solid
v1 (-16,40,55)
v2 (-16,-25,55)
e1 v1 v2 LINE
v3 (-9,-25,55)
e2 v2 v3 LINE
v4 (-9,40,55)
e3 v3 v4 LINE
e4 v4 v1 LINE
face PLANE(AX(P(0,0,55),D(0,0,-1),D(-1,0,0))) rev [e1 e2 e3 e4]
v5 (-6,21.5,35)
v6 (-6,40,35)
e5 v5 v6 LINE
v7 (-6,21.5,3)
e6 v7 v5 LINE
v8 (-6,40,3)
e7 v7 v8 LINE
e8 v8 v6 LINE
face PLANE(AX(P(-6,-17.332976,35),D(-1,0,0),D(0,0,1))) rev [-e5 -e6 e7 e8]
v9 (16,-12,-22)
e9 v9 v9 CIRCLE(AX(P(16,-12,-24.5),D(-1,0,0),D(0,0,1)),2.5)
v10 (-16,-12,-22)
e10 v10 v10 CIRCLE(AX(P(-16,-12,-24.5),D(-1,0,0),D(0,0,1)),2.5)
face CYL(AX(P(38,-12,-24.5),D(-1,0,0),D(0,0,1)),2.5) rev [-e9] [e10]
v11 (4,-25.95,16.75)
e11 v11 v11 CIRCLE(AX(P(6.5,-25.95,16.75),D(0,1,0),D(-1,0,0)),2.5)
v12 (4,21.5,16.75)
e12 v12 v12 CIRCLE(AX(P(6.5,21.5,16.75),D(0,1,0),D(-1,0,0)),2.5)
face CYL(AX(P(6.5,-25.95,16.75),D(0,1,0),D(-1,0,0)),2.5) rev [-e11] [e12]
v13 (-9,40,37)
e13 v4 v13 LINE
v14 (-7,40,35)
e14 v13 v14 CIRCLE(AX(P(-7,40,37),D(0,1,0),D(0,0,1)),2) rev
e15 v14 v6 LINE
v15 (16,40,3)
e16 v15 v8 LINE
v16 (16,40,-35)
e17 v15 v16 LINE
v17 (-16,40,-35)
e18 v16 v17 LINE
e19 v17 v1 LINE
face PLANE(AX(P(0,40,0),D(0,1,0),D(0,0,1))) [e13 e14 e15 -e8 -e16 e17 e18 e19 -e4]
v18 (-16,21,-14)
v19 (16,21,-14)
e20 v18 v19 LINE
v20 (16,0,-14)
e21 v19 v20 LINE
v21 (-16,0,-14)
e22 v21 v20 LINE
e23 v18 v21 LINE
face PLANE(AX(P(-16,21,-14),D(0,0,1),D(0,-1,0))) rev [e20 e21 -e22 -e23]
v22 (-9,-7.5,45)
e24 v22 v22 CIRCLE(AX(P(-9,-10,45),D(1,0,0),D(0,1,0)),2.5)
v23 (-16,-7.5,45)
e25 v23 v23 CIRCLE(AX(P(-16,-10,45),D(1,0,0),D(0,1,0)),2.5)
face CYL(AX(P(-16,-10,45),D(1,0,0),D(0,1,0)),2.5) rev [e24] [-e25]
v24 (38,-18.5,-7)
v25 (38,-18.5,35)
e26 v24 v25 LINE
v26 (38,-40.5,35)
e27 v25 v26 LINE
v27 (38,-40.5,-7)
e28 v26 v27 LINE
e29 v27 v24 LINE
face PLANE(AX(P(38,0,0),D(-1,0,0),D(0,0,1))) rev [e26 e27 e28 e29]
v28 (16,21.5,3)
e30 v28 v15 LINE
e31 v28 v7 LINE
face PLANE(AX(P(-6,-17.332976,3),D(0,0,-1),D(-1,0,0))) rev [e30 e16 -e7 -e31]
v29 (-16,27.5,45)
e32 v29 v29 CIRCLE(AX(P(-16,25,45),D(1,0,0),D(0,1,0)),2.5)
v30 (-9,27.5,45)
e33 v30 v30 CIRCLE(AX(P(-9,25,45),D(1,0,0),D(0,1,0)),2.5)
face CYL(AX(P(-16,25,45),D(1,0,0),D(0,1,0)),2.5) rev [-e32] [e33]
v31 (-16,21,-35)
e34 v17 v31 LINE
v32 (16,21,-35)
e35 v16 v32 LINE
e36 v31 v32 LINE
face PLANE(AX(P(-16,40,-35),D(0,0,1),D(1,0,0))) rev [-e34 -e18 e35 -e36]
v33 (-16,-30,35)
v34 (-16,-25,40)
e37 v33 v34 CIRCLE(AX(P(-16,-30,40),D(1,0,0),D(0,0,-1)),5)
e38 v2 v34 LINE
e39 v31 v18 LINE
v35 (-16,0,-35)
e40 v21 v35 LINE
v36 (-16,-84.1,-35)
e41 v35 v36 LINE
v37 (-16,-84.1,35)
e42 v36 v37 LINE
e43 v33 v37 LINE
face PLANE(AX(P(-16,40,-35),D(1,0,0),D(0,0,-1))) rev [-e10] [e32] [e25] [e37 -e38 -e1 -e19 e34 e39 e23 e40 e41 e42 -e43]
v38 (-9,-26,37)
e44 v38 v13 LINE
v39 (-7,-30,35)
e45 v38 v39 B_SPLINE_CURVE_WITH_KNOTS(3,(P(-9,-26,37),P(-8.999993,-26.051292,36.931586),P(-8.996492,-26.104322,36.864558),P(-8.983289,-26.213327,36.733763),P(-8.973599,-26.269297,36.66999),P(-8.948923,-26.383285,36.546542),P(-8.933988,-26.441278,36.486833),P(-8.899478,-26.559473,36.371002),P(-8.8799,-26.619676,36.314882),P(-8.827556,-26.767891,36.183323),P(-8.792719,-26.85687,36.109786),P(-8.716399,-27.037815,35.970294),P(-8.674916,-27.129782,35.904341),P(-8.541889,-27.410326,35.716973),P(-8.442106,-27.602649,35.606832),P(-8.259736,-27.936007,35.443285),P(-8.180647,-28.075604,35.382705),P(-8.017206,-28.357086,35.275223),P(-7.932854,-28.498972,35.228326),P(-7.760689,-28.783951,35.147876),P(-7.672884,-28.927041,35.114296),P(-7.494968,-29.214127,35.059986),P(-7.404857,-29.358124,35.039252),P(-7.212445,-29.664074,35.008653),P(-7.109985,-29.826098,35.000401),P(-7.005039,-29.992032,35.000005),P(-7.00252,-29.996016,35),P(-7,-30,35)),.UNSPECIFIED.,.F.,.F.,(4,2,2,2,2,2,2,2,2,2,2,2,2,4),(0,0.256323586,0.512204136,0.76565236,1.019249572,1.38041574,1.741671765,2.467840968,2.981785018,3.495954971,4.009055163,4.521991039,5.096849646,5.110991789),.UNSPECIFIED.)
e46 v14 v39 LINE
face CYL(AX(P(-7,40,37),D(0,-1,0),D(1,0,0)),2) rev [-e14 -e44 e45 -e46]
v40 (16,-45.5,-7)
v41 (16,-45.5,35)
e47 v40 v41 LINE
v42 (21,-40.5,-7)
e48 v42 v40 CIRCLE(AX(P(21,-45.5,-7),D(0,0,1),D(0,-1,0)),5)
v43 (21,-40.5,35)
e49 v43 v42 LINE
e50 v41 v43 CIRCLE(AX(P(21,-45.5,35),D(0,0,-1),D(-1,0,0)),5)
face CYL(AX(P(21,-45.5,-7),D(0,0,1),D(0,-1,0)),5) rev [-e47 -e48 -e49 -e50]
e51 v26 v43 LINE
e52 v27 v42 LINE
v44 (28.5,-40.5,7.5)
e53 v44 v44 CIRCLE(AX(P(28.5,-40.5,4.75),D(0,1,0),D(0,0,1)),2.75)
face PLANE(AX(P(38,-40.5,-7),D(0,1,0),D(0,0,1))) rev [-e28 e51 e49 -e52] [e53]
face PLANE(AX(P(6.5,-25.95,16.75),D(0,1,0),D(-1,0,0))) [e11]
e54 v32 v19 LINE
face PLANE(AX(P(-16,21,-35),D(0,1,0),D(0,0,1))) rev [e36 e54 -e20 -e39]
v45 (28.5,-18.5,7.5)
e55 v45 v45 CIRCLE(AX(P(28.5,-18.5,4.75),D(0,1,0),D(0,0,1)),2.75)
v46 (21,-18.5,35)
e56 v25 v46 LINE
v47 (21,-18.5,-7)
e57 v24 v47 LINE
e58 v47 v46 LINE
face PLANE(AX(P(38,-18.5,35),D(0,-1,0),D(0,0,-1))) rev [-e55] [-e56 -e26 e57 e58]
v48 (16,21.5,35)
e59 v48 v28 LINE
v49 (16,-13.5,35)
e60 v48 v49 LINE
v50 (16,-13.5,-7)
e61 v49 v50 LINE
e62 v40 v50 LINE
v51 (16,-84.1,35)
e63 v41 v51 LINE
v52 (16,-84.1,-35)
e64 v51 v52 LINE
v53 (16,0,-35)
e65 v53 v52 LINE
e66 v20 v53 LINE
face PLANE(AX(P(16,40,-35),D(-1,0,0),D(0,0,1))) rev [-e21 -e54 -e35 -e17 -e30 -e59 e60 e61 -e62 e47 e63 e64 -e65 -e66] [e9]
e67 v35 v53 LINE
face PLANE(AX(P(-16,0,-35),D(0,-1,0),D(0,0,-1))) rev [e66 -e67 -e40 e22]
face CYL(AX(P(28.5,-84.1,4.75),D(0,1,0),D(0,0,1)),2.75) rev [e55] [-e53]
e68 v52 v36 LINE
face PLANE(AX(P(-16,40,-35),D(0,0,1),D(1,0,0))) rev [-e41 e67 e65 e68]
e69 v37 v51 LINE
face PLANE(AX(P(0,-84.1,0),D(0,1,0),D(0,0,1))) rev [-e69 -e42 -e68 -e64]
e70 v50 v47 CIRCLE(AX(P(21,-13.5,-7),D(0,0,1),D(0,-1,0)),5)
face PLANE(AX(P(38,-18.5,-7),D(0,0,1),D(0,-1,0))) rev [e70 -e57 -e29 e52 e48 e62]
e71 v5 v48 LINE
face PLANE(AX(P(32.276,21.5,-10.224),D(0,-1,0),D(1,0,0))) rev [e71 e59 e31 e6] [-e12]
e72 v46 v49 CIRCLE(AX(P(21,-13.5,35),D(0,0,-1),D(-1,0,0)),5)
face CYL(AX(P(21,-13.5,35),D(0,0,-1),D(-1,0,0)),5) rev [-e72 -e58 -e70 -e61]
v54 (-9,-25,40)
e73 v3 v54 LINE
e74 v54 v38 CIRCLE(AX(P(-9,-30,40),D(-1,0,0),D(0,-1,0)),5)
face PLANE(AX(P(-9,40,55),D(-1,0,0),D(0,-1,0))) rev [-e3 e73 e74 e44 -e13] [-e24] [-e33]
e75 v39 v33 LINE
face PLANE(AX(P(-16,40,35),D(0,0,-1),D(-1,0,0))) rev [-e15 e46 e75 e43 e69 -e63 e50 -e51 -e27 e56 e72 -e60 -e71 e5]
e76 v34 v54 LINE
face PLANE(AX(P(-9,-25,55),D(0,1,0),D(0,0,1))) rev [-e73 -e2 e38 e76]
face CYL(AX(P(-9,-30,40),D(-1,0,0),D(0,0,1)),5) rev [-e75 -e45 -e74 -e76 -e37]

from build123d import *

# Parameters (mm, degrees)
SKETCH1_W                = 32
SKETCH1_H                = 70
BOSS_EXTRUDE1_DEPTH      = 40
BOSS_EXTRUDE1_DEPTH_BACK = 84.1
SKETCH2_W                = 21
SKETCH2_H                = 21
CUT_EXTRUDE1_DEPTH       = 17
CUT_EXTRUDE1_DEPTH_BACK  = 17
CUT_EXTRUDE2_START       = -18.5
SKETCH3_W                = 22
SKETCH3_H                = 32
CUT_EXTRUDE2_DEPTH       = 18.5
SKETCH4_W                = 42
SKETCH4_H                = 22
BOSS_EXTRUDE2_DEPTH      = 22
SKETCH5_R                = 2.75
CUT_EXTRUDE3_DEPTH       = 66.6
SKETCH6_W                = 7
SKETCH6_H                = 65
BOSS_EXTRUDE3_DEPTH      = 20
SKETCH7_R                = 2.5
CUT_EXTRUDE4_DEPTH       = 17
CUT_EXTRUDE4_DEPTH_BACK  = 39
SKETCH8_R                = 2.5
CUT_EXTRUDE5_DEPTH       = 8
FILLET1_R                = 2
FILLET2_R                = 5
SKETCH9_R                = 2.5
CUT_EXTRUDE6_DEPTH       = 47.45


with BuildPart() as part:
    # Sketch1 → Boss-Extrude1 (new body, two sides)
    with BuildSketch(Plane(origin=(0, 0, 0), x_dir=(1, 0, 0), z_dir=(0, 1, 0))) as boss_extrude1_sk:
        Rectangle(SKETCH1_W, SKETCH1_H)
    extrude(amount=BOSS_EXTRUDE1_DEPTH)
    extrude(boss_extrude1_sk.sketch, amount=-BOSS_EXTRUDE1_DEPTH_BACK)

    # Sketch2 → Cut-Extrude1 (cut, two sides)
    with BuildSketch(Plane(origin=(0, 0, 0), x_dir=(0, 0, -1), z_dir=(1, 0, 0))) as cut_extrude1_sk:
        with Locations((24.5, 10.5)):
            Rectangle(SKETCH2_W, SKETCH2_H)
    extrude(amount=CUT_EXTRUDE1_DEPTH, mode=Mode.SUBTRACT)
    extrude(cut_extrude1_sk.sketch, amount=-CUT_EXTRUDE1_DEPTH_BACK, mode=Mode.SUBTRACT)

    # Sketch3 → Cut-Extrude2 (cut)
    with BuildSketch(Plane(origin=(0, 40, 0), x_dir=(1, 0, 0), z_dir=(0, 1, 0)).offset(CUT_EXTRUDE2_START)):
        with Locations((5, -19)):
            Rectangle(SKETCH3_W, SKETCH3_H)
    extrude(amount=CUT_EXTRUDE2_DEPTH, mode=Mode.SUBTRACT)

    # Sketch4 → Boss-Extrude2 (add)
    with BuildSketch(Plane(origin=(16, 0, 0), x_dir=(0, 0, -1), z_dir=(1, 0, 0))):
        with Locations((-14, -29.5)):
            Rectangle(SKETCH4_W, SKETCH4_H)
    extrude(amount=BOSS_EXTRUDE2_DEPTH)

    # Sketch5 → Cut-Extrude3 (cut, through all)
    with BuildSketch(Plane(origin=(0, -18.5, 0), x_dir=(1, 0, 0), z_dir=(0, 1, 0))):
        with Locations((28.5, -4.75)):
            Circle(SKETCH5_R)
    extrude(amount=-CUT_EXTRUDE3_DEPTH, mode=Mode.SUBTRACT)

    # Sketch6 → Boss-Extrude3 (add)
    with BuildSketch(Plane.XY.offset(35)):
        with Locations((-12.5, 7.5)):
            Rectangle(SKETCH6_W, SKETCH6_H)
    extrude(amount=BOSS_EXTRUDE3_DEPTH)

    # Sketch7 → Cut-Extrude4 (cut, two sides)
    with BuildSketch(Plane.ZY) as cut_extrude4_sk:
        with Locations((-24.5, -12)):
            Circle(SKETCH7_R)
    extrude(amount=CUT_EXTRUDE4_DEPTH, mode=Mode.SUBTRACT)
    extrude(cut_extrude4_sk.sketch, amount=-CUT_EXTRUDE4_DEPTH_BACK, mode=Mode.SUBTRACT)

    # Sketch8 → Cut-Extrude5 (cut, through all)
    with BuildSketch(Plane(origin=(-9, 0, 0), x_dir=(0, 0, -1), z_dir=(1, 0, 0))):
        with Locations((-45, 25)):
            Circle(SKETCH8_R)
        with Locations((-45, -10)):
            Circle(SKETCH8_R)
    extrude(amount=-CUT_EXTRUDE5_DEPTH, mode=Mode.SUBTRACT)

    # Fillet1
    fillet1_edges = [part.edges().sort_by_distance(p)[0] for p in [
        (-9, 7.5, 35),
    ]]
    fillet(fillet1_edges, radius=FILLET1_R)

    # Fillet2
    fillet2_edges = [part.edges().sort_by_distance(p)[0] for p in [
        (-12.5, -25, 35),
        (16, -40.5, 14),
        (16, -18.5, 14),
    ]]
    fillet(fillet2_edges, radius=FILLET2_R)

    # Sketch9 → Cut-Extrude6 (cut)
    with BuildSketch(Plane(origin=(0, 21.5, 0), x_dir=(1, 0, 0), z_dir=(0, 1, 0))):
        with Locations((6.5, -16.75)):
            Circle(SKETCH9_R)
    extrude(amount=-CUT_EXTRUDE6_DEPTH, mode=Mode.SUBTRACT)


solid = part.part
